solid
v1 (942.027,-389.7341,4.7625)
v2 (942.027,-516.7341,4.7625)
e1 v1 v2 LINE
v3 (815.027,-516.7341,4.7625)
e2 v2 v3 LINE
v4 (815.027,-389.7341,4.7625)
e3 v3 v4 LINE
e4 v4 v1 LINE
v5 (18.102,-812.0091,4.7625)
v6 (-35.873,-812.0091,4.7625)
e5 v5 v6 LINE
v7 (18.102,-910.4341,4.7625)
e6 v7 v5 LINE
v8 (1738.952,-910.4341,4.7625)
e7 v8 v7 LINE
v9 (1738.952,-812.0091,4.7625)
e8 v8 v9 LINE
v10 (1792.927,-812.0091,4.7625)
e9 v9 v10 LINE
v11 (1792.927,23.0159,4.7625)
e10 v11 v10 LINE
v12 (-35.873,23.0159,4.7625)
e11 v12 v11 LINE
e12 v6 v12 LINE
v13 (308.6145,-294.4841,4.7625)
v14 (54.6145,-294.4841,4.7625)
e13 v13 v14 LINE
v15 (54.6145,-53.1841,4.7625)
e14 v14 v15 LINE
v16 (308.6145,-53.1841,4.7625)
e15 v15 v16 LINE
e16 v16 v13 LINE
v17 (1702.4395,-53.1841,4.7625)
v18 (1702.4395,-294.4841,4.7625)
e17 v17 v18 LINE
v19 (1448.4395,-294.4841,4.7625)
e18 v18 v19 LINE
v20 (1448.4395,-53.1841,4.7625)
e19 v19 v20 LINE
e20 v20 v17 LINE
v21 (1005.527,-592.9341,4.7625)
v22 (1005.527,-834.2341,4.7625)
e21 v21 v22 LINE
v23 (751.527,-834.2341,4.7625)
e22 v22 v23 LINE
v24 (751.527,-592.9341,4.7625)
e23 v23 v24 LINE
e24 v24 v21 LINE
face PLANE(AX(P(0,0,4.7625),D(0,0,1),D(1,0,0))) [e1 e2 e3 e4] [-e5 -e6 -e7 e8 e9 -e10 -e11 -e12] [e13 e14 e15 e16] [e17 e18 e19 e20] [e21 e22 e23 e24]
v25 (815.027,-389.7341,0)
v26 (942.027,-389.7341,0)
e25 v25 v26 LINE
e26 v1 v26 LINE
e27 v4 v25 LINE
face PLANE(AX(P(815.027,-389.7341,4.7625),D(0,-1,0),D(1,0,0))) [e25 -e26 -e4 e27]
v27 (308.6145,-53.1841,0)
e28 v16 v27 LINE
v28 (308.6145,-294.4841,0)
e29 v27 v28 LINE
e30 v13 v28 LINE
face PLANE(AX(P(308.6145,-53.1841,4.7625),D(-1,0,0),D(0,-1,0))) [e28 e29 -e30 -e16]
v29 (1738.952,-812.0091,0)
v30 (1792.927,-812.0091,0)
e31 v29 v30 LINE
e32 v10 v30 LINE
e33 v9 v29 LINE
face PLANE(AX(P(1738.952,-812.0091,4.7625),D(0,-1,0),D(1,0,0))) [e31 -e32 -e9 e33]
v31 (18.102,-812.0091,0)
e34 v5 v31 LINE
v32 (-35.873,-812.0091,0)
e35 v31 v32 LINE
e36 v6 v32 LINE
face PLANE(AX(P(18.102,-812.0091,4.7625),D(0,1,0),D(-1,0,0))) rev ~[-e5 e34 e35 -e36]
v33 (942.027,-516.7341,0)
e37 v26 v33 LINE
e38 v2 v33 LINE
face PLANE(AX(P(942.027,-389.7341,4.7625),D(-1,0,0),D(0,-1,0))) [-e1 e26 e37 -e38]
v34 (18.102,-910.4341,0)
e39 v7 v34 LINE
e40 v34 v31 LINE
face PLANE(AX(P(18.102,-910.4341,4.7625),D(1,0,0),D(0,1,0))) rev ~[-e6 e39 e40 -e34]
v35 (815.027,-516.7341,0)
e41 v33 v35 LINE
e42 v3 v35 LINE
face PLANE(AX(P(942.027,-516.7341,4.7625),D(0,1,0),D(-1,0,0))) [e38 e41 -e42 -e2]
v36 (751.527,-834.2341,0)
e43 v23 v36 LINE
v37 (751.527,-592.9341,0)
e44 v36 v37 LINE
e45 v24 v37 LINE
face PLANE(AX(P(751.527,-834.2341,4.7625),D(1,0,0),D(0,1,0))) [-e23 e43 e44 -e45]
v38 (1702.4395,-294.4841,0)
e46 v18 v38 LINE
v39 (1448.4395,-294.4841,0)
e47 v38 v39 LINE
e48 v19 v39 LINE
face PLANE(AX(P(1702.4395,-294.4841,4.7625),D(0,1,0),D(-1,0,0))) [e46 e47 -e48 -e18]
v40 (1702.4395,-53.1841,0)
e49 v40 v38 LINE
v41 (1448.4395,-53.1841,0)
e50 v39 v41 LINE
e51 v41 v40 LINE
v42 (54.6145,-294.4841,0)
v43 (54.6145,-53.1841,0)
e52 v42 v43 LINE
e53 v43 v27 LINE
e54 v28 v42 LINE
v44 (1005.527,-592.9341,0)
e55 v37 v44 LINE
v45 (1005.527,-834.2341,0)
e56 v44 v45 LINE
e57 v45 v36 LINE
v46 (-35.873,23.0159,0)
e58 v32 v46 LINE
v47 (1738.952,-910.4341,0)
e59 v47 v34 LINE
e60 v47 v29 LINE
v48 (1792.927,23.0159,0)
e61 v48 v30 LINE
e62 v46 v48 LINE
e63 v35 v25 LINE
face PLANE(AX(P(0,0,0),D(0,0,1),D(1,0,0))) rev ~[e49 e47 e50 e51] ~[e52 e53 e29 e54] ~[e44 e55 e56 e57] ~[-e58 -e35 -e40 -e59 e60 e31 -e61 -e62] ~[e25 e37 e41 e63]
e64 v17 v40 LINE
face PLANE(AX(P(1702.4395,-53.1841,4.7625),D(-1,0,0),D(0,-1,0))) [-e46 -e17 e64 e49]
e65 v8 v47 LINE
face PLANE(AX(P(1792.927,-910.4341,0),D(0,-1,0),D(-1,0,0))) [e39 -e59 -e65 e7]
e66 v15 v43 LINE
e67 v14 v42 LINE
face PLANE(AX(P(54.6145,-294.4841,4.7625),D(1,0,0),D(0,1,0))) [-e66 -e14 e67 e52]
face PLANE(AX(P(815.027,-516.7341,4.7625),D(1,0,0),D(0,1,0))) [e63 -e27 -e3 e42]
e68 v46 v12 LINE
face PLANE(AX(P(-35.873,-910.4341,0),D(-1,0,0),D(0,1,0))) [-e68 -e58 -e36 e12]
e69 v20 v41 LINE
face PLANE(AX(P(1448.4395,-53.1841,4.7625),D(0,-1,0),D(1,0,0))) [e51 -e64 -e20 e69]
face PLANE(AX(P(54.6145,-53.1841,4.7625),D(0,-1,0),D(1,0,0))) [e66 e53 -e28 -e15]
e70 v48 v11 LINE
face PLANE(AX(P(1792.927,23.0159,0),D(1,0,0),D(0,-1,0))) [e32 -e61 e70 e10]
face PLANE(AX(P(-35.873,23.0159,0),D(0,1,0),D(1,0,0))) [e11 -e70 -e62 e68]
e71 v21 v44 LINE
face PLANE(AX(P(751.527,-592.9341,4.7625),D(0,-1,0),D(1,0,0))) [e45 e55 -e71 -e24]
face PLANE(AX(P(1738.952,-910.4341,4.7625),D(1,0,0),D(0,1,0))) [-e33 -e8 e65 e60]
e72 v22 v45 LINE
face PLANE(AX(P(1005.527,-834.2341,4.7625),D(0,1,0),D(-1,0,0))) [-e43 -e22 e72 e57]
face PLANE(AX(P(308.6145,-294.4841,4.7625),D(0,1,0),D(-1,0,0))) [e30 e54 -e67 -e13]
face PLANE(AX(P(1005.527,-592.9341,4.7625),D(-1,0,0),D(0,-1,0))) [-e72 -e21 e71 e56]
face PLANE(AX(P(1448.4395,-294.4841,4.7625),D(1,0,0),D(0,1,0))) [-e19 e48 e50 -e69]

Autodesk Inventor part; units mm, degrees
ref_plane "YZ Plane" through (0, 0, 0) normal (1, 0, 0) x (0, 1, 0)
ref_plane "XZ Plane" through (0, 0, 0) normal (0, 1, 0) x (-1, 0, 0)
sketch "Sketch1" plane through (0, 0, 0) normal (0, 0, 1) x (1, 0, 0)
  line L0 (-35.873, 23.0159) -> (1792.927, 23.0159)
  line L1 (1792.927, 23.0159) -> (1792.927, -910.4341)
  line L2 (1792.927, -910.4341) -> (-35.873, -910.4341)
  line L3 (-35.873, -910.4341) -> (-35.873, 23.0159)
  dimension "d0" = 1828.8
  dimension "d1" = 933.45
extrude "Extrusion1" add sketch "Sketch1" along normal blind 4.7625
ref_plane "Work Plane1" through (0, 0, 6.0325) normal (0, 0, 1) x (1, 0, 0)
sketch "Sketch5" plane through (0, 0, 4.7625) normal (0, 0, 1) x (1, 0, 0)
  line L0 (1792.927, 23.0159) -> (1792.927, -910.4341) projected
  line L1 (-35.873, -910.4341) -> (-35.873, 23.0159) projected
  line L2 (1792.927, -910.4341) -> (-35.873, -910.4341) projected
  line L3 (54.6145, -53.1841) -> (308.6145, -53.1841)
  line L4 (308.6145, -53.1841) -> (308.6145, -294.4841)
  line L5 (308.6145, -294.4841) -> (54.6145, -294.4841)
  line L6 (54.6145, -294.4841) -> (54.6145, -53.1841)
  line L7 (751.527, -592.9341) -> (1005.527, -592.9341)
  line L8 (1005.527, -592.9341) -> (1005.527, -834.2341)
  line L9 (1005.527, -834.2341) -> (751.527, -834.2341)
  line L10 (751.527, -834.2341) -> (751.527, -592.9341)
  line L11 (1448.4395, -53.1841) -> (1702.4395, -53.1841)
  line L12 (1702.4395, -53.1841) -> (1702.4395, -294.4841)
  line L13 (1702.4395, -294.4841) -> (1448.4395, -294.4841)
  line L14 (1448.4395, -294.4841) -> (1448.4395, -53.1841)
  line L15 (-35.873, -910.4341) -> (18.102, -910.4341)
  line L16 (18.102, -910.4341) -> (18.102, -812.0091)
  line L17 (18.102, -812.0091) -> (-35.873, -812.0091)
  line L18 (-35.873, -812.0091) -> (-35.873, -910.4341)
  line L19 (1792.927, -910.4341) -> (1738.952, -910.4341)
  line L20 (1738.952, -910.4341) -> (1738.952, -812.0091)
  line L21 (1738.952, -812.0091) -> (1792.927, -812.0091)
  line L22 (1792.927, -812.0091) -> (1792.927, -910.4341)
  line L23 (815.027, -389.7341) -> (942.027, -389.7341)
  line L24 (942.027, -389.7341) -> (942.027, -516.7341)
  line L25 (942.027, -516.7341) -> (815.027, -516.7341)
  line L26 (815.027, -516.7341) -> (815.027, -389.7341)
  point P0 (0, 0)
  dimension "d55" = 90.4875
  dimension "d56" = 615.95
  dimension "d57" = 76.2
  dimension "d58" = 254
  dimension "d59" = 90.4875
  dimension "d60" = 787.4
  dimension "d61" = 1828.8
  dimension "d64" = 241.3
  dimension "d65" = 254
  dimension "d66" = 241.3
  dimension "d67" = 98.425
  dimension "d68" = 53.975
  dimension "d69" = 127
  dimension "d70" = 63.5
  dimension "d71" = 76.2
extrude "Extrusion2" cut sketch "Sketch5" against normal blind 25.4
equation "\"d59\" = d55"
equation "\"d60\" = -0.5 * d58 + 0.5 * d61"
equation "\"d65\" = d58"
equation "\"d66\" = d64"
equation "\"d70\" = -0.5 * d69 + 0.5 * d58"
properties part number "GE-12028-01"
